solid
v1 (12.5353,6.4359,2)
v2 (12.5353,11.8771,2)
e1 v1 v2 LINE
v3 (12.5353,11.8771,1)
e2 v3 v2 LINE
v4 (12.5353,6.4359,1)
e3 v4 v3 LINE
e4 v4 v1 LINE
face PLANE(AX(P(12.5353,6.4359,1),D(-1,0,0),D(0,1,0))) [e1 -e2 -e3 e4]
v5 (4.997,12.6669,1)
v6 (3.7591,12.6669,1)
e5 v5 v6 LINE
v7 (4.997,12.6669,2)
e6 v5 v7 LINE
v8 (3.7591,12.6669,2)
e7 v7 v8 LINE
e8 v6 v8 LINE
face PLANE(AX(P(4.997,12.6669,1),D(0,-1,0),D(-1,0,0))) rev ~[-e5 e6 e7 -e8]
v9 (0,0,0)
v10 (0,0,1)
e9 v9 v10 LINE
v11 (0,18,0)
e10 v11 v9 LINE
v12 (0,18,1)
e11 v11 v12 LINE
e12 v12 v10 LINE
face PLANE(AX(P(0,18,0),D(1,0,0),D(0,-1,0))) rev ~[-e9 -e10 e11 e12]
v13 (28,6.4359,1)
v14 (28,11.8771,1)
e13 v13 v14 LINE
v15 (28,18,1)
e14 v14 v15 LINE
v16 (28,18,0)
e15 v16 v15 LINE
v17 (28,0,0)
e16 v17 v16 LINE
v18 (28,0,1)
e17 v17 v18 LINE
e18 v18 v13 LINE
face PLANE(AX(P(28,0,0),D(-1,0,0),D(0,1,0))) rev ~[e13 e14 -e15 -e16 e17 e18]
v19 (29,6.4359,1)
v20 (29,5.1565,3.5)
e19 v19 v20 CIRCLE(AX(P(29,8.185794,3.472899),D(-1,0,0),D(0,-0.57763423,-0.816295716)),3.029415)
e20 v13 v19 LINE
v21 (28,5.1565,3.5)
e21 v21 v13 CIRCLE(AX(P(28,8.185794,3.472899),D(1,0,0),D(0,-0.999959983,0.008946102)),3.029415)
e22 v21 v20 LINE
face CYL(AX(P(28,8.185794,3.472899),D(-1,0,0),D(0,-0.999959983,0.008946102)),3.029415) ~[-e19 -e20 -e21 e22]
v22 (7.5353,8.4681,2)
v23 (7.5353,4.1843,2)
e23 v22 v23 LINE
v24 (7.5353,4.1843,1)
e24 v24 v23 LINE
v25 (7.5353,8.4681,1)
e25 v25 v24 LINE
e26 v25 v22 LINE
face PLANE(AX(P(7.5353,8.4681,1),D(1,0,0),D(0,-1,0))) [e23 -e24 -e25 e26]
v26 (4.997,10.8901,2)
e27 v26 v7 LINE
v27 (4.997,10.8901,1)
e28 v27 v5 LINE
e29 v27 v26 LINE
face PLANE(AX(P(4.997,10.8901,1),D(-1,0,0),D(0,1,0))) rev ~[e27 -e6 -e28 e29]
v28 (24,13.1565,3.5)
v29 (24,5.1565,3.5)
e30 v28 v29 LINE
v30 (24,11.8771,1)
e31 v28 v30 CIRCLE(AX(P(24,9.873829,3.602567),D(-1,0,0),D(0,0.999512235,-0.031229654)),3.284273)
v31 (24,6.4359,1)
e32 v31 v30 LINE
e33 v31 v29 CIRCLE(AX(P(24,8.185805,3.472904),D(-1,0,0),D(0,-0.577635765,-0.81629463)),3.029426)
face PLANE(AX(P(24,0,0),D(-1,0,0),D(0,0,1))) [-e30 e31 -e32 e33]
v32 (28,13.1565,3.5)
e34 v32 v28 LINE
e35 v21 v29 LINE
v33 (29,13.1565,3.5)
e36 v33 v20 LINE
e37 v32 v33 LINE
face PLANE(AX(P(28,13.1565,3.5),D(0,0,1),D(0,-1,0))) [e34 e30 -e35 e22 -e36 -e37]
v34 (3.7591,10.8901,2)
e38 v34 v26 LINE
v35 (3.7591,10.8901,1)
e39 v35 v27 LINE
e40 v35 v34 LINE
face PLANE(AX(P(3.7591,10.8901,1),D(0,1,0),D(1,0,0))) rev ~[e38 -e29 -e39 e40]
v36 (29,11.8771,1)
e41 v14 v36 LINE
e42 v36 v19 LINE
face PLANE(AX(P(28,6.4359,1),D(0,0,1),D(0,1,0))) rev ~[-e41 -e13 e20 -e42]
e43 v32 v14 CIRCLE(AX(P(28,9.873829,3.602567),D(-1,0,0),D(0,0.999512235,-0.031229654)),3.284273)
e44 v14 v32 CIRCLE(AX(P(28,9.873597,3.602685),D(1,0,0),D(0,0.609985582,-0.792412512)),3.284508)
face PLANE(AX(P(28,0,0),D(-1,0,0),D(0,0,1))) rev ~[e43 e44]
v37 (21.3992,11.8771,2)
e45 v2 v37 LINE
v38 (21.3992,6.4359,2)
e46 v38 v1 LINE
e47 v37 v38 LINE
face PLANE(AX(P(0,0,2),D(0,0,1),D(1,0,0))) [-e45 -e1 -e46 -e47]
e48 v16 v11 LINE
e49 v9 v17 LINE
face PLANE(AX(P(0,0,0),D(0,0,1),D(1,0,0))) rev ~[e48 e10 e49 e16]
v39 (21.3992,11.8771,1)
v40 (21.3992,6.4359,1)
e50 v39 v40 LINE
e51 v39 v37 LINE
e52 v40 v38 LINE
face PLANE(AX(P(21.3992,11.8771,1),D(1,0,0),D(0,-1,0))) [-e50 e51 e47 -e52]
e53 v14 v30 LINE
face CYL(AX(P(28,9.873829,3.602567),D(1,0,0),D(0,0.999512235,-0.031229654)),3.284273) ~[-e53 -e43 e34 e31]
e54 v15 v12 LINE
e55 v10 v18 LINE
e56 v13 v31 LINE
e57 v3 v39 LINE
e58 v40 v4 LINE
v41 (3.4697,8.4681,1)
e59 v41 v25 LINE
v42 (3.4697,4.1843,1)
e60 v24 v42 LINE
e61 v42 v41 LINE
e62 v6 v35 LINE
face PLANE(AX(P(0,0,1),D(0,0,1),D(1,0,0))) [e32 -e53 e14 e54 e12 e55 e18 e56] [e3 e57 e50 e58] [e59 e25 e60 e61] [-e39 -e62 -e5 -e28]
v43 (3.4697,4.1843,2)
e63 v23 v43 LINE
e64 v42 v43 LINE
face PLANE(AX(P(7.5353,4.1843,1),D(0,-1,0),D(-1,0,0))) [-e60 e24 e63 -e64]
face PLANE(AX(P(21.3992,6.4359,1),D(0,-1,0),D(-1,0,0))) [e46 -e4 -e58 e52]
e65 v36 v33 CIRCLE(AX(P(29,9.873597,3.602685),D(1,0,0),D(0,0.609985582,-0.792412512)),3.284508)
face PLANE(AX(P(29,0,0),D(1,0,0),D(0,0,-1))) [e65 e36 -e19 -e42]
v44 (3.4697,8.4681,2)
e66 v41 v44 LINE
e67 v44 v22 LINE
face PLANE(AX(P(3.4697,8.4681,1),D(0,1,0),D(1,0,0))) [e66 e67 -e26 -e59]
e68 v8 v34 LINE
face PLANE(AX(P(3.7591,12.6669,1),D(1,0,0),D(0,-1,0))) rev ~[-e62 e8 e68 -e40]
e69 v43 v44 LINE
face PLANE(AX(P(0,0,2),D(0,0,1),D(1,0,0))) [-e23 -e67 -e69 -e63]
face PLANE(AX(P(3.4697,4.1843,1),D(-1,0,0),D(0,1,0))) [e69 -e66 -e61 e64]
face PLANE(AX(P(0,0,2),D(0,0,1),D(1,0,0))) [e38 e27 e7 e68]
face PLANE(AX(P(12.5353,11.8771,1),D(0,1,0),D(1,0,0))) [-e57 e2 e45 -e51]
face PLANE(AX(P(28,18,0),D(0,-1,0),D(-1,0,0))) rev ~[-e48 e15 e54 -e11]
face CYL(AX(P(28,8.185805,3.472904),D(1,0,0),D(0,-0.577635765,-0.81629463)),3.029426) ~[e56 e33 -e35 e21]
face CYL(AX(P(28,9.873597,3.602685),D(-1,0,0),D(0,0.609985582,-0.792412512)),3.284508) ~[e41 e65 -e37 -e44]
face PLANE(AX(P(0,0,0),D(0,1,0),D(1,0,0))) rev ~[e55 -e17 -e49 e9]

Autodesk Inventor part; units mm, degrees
ref_plane "YZ Plane" through (0, 0, 0) normal (1, 0, 0) x (0, 1, 0)
ref_plane "XZ Plane" through (0, 0, 0) normal (0, 1, 0) x (-1, 0, 0)
ref_plane "XY Plane" through (0, 0, 0) normal (0, 0, 1) x (1, 0, 0)
sketch "Sketch1" plane through (0, 0, 0) normal (0, 0, 1) x (1, 0, 0)
  line L0 (0, 0) -> (28, 0)
  line L1 (28, 0) -> (28, 18)
  line L2 (28, 18) -> (0, 18)
  line L3 (0, 18) -> (0, 0)
  dimension "d0" = 28
  dimension "d1" = 18
  dimension "d2" = 28
extrude "Extrusion1" add sketch "Sketch1" along normal blind 1
sketch "Sketch2" plane through (0, 0, 1) normal (0, 0, 1) x (1, 0, 0)
  line L0 (21.3992, 11.8771) -> (21.3992, 6.4359)
  line L1 (21.3992, 6.4359) -> (12.5353, 6.4359)
  line L2 (12.5353, 6.4359) -> (12.5353, 11.8771)
  line L3 (12.5353, 11.8771) -> (21.3992, 11.8771)
  line L4 (3.7591, 12.6669) -> (3.7591, 10.8901)
  line L5 (3.7591, 10.8901) -> (4.997, 10.8901)
  line L6 (4.997, 10.8901) -> (4.997, 12.6669)
  line L7 (4.997, 12.6669) -> (3.7591, 12.6669)
  line L8 (3.4697, 8.4681) -> (7.5353, 8.4681)
  line L9 (7.5353, 8.4681) -> (7.5353, 4.1843)
  line L10 (7.5353, 4.1843) -> (3.4697, 4.1843)
  line L11 (3.4697, 4.1843) -> (3.4697, 8.4681)
  point P0 (0, 0)
extrude "Extrusion2" add sketch "Sketch2" along normal blind 1
sketch "Sketch3" plane through (28, 0, 0) normal (1, 0, 0) x (0, 0, -1)
  line L0 (-1, 6.4359) -> (-1, 11.8771) projected
  line L1 (-1, 9.1565) -> (-3.5, 9.1565)
  line L2 (-3.5, 9.1565) -> (-3.5, 13.1565)
  line L3 (-3.5, 13.1565) -> (-3.5, 5.1565)
  line L4 (-2, 8.4681) -> (-2, 4.1843) projected
  line L5 (-2, 11.8771) -> (-2, 6.4359) projected
  line L6 (-2, 9.1565) -> (-2, 6.3262)
  arc A0 (-3.5, 5.1565) -> (-1, 6.4359) centre (-3.4729, 8.1858) ccw
  arc A1 (-1, 11.8771) -> (-3.5, 13.1565) centre (-3.6026, 9.8737) ccw
  line L7 (-1, 6.4359) -> (-1, 11.8771)
  point P0 (0, 0)
  dimension "d7" = 2.5
  dimension "d8" = 4
  dimension "d9" = 8
extrude "Extrusion3" add sketch "Sketch3" along normal blind 1
sketch "Sketch4" plane through (28, 0, 0) normal (-1, 0, 0) x (0, 0, 1)
  arc A0 (3.5, 13.1565) -> (1, 11.8771) centre (3.6026, 9.8737) ccw projected
  line L0 (1, 6.4359) -> (1, 11.8771) projected
  arc A1 (1, 6.4359) -> (3.5, 5.1565) centre (3.4729, 8.1858) ccw projected
  line L1 (3.5, 13.1565) -> (3.5, 5.1565) projected
  point P0 (0, 0)
extrude "Extrusion4" add sketch "Sketch4" along normal blind 4
properties part number "Regulador"
